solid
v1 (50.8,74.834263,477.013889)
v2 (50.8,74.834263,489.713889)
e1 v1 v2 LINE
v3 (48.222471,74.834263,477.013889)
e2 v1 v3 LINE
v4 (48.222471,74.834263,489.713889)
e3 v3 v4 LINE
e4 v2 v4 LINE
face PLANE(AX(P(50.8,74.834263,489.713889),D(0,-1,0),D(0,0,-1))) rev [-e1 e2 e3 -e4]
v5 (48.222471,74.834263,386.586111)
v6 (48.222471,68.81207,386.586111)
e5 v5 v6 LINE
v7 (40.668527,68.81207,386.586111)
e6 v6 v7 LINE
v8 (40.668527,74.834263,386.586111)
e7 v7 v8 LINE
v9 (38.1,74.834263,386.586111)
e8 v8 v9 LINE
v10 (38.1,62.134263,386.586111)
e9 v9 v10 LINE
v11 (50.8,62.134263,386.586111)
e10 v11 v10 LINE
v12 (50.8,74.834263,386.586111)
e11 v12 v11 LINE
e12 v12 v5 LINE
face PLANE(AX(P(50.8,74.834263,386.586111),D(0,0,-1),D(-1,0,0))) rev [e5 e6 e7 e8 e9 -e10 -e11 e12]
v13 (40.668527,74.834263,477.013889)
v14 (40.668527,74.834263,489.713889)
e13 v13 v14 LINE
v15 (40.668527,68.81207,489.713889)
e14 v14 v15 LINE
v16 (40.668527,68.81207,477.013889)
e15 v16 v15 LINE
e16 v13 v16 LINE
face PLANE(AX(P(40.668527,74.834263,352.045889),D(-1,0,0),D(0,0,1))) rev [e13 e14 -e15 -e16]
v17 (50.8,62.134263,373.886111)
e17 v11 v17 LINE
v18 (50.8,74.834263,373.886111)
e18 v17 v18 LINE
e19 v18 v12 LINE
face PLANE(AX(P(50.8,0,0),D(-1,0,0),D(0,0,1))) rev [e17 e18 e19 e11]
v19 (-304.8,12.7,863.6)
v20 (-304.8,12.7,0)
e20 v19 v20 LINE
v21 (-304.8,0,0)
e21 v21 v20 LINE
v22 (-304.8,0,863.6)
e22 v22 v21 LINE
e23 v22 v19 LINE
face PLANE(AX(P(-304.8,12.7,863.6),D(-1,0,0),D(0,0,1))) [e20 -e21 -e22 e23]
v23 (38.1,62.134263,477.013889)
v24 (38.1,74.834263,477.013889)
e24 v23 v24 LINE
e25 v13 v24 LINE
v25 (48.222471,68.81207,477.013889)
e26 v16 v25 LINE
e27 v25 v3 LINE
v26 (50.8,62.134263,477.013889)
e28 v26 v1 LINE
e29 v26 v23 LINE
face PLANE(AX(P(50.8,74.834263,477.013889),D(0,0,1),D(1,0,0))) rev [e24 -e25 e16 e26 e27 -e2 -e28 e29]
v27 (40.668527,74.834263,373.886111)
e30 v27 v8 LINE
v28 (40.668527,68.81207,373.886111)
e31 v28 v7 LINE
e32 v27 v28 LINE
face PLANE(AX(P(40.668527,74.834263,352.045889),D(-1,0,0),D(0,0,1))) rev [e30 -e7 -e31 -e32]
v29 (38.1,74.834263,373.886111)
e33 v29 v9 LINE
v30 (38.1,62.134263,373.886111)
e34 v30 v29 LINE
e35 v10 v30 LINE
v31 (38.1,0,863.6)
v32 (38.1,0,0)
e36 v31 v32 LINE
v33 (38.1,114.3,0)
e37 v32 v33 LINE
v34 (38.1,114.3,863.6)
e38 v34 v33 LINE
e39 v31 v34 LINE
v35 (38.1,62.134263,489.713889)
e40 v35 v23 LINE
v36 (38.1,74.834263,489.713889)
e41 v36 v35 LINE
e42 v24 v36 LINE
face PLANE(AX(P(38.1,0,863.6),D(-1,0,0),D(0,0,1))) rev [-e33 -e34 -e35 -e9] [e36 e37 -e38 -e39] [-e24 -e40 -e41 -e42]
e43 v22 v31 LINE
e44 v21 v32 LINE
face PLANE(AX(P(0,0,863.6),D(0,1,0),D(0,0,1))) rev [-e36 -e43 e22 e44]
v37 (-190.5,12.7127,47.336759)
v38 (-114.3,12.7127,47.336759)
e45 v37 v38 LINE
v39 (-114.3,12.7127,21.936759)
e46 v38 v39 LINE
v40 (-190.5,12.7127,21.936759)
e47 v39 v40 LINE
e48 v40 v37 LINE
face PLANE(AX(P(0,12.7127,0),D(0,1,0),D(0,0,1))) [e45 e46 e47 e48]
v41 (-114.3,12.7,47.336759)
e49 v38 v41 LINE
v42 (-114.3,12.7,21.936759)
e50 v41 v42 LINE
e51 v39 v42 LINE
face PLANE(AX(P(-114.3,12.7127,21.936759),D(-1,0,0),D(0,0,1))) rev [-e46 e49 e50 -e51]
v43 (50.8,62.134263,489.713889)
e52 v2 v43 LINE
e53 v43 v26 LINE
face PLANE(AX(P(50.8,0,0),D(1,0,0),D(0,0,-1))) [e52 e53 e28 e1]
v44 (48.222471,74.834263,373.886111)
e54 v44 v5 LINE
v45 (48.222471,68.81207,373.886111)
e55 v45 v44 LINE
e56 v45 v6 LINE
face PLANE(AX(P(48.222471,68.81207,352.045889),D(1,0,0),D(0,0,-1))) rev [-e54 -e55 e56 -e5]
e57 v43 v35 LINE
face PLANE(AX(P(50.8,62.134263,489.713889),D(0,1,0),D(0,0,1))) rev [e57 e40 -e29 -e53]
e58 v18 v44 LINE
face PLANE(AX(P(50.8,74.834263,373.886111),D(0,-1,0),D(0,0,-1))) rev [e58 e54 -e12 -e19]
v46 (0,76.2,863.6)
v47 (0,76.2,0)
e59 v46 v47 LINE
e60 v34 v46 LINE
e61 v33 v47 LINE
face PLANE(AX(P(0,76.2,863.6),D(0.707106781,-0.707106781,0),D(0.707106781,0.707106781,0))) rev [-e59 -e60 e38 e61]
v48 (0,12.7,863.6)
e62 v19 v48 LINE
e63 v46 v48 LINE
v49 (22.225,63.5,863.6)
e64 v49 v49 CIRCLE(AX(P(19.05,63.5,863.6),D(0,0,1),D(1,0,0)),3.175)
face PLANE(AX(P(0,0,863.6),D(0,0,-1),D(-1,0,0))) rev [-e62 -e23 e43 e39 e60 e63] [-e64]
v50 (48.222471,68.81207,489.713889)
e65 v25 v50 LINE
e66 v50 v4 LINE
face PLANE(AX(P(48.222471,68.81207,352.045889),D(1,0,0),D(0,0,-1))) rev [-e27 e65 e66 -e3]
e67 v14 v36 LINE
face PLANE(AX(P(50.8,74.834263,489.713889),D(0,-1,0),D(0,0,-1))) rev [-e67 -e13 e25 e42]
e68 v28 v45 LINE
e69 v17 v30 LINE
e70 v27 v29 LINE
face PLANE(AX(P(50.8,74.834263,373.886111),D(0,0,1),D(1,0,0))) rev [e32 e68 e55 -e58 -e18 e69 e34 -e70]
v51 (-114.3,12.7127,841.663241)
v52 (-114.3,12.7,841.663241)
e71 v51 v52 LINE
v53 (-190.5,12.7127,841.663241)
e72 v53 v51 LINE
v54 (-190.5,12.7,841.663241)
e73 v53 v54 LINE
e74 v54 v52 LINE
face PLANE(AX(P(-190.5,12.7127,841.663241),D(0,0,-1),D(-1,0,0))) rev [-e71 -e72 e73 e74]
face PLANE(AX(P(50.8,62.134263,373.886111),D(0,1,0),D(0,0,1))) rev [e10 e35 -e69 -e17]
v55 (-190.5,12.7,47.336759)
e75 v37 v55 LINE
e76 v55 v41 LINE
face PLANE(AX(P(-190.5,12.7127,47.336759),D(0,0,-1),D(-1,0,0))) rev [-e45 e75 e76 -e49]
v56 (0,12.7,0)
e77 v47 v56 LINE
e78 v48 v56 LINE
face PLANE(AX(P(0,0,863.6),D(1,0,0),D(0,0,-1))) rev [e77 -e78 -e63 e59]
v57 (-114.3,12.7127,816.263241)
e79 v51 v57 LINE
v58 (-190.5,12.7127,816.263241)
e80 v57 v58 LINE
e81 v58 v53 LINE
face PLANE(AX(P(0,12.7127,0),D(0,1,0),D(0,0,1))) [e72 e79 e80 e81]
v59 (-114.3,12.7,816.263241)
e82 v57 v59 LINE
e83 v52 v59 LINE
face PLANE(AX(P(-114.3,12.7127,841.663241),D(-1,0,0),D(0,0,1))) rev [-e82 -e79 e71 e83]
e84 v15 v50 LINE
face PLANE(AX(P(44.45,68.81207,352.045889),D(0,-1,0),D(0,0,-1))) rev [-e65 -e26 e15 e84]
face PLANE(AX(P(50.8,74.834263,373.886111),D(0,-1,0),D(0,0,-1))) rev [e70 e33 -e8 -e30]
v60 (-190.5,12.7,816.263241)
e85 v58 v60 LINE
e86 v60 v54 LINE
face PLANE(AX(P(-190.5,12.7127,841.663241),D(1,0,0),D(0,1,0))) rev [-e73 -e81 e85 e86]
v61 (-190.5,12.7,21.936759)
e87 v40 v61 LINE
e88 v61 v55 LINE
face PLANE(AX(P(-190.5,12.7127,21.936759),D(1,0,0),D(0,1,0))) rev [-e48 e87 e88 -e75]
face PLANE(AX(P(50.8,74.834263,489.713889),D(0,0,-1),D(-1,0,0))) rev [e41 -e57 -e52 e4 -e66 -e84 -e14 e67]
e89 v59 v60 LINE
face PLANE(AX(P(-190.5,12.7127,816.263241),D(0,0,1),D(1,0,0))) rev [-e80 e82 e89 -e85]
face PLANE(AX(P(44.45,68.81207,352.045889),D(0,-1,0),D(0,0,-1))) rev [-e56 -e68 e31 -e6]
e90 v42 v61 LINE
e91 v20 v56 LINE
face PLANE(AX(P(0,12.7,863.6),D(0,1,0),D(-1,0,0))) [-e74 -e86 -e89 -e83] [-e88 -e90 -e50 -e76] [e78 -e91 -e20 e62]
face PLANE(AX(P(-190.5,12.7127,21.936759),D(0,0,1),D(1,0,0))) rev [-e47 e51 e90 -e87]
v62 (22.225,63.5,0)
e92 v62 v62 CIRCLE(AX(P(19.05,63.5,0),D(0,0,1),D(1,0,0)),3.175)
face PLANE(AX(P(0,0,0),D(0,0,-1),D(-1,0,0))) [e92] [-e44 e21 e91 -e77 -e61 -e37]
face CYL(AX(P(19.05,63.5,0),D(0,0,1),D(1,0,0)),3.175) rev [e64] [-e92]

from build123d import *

# Parameters (mm, degrees)
BOSS_EXTRUDE1_DEPTH = 863.6
SKETCH3_R           = 3.175
CUT_EXTRUDE1_DEPTH  = 863.6
SKETCH2_W           = 304.8
SKETCH2_H           = 12.7
BOSS_EXTRUDE5_DEPTH = 863.6
SKETCH5_W           = 76.2
SKETCH5_H           = 25.4
BOSS_EXTRUDE6_DEPTH = 0.0127
SKETCH6_W           = 12.7
SKETCH6_H           = 12.7
BOSS_EXTRUDE8_DEPTH = 12.7
CUT_EXTRUDE2_DEPTH  = 137.668


with BuildPart() as part:
    # Sketch1 → Boss-Extrude1 (new body)
    with BuildSketch(Plane.XY):
        Polygon((0, 0), (38.1, 0), (38.1, 114.3), (19.716081556, 95.916081556), (0, 76.2), align=None)
    extrude(amount=BOSS_EXTRUDE1_DEPTH)

    # Sketch3 → Cut-Extrude1 (cut)
    with BuildSketch(Plane.XY.offset(863.6)):
        with Locations((19.05, 63.5)):
            Circle(SKETCH3_R)
    extrude(amount=-CUT_EXTRUDE1_DEPTH, mode=Mode.SUBTRACT)

    # Sketch2 → Boss-Extrude5 (add)
    with BuildSketch(Plane(origin=(0, 0, 0), x_dir=(-1, 0, 0), z_dir=(0, 0, -1))):
        with Locations((152.4, 6.35)):
            Rectangle(SKETCH2_W, SKETCH2_H)
    extrude(amount=-BOSS_EXTRUDE5_DEPTH)

    # Sketch5 → Boss-Extrude6 (add)
    with BuildSketch(Plane(origin=(0, 12.7, 0), x_dir=(1, 0, 0), z_dir=(0, 1, 0))):
        with Locations((-152.4, -34.636758867)):
            Rectangle(SKETCH5_W, SKETCH5_H)
        with Locations((-152.4, -828.963241133)):
            Rectangle(SKETCH5_W, SKETCH5_H)
    extrude(amount=BOSS_EXTRUDE6_DEPTH)

    # Sketch6 → Boss-Extrude8 (add)
    with BuildSketch(Plane(origin=(38.1, 0, 0), x_dir=(0, 0, -1), z_dir=(1, 0, 0))):
        with Locations((-380.236111085, 68.484263382)):
            Rectangle(SKETCH6_W, SKETCH6_H)
        with Locations((-483.363888915, 68.484263382)):
            Rectangle(SKETCH6_W, SKETCH6_H)
    extrude(amount=BOSS_EXTRUDE8_DEPTH)

    # Sketch7 → Cut-Extrude2 (cut)
    with BuildSketch(Plane.XY.offset(489.713888915)):
        Polygon((44.45, 68.812070036), (48.222471195, 68.812070036), (48.222471195, 74.834263382), (40.668527222, 74.834263382), (40.668527222, 68.812070036), align=None)
    extrude(amount=-CUT_EXTRUDE2_DEPTH, mode=Mode.SUBTRACT)


solid = part.part
